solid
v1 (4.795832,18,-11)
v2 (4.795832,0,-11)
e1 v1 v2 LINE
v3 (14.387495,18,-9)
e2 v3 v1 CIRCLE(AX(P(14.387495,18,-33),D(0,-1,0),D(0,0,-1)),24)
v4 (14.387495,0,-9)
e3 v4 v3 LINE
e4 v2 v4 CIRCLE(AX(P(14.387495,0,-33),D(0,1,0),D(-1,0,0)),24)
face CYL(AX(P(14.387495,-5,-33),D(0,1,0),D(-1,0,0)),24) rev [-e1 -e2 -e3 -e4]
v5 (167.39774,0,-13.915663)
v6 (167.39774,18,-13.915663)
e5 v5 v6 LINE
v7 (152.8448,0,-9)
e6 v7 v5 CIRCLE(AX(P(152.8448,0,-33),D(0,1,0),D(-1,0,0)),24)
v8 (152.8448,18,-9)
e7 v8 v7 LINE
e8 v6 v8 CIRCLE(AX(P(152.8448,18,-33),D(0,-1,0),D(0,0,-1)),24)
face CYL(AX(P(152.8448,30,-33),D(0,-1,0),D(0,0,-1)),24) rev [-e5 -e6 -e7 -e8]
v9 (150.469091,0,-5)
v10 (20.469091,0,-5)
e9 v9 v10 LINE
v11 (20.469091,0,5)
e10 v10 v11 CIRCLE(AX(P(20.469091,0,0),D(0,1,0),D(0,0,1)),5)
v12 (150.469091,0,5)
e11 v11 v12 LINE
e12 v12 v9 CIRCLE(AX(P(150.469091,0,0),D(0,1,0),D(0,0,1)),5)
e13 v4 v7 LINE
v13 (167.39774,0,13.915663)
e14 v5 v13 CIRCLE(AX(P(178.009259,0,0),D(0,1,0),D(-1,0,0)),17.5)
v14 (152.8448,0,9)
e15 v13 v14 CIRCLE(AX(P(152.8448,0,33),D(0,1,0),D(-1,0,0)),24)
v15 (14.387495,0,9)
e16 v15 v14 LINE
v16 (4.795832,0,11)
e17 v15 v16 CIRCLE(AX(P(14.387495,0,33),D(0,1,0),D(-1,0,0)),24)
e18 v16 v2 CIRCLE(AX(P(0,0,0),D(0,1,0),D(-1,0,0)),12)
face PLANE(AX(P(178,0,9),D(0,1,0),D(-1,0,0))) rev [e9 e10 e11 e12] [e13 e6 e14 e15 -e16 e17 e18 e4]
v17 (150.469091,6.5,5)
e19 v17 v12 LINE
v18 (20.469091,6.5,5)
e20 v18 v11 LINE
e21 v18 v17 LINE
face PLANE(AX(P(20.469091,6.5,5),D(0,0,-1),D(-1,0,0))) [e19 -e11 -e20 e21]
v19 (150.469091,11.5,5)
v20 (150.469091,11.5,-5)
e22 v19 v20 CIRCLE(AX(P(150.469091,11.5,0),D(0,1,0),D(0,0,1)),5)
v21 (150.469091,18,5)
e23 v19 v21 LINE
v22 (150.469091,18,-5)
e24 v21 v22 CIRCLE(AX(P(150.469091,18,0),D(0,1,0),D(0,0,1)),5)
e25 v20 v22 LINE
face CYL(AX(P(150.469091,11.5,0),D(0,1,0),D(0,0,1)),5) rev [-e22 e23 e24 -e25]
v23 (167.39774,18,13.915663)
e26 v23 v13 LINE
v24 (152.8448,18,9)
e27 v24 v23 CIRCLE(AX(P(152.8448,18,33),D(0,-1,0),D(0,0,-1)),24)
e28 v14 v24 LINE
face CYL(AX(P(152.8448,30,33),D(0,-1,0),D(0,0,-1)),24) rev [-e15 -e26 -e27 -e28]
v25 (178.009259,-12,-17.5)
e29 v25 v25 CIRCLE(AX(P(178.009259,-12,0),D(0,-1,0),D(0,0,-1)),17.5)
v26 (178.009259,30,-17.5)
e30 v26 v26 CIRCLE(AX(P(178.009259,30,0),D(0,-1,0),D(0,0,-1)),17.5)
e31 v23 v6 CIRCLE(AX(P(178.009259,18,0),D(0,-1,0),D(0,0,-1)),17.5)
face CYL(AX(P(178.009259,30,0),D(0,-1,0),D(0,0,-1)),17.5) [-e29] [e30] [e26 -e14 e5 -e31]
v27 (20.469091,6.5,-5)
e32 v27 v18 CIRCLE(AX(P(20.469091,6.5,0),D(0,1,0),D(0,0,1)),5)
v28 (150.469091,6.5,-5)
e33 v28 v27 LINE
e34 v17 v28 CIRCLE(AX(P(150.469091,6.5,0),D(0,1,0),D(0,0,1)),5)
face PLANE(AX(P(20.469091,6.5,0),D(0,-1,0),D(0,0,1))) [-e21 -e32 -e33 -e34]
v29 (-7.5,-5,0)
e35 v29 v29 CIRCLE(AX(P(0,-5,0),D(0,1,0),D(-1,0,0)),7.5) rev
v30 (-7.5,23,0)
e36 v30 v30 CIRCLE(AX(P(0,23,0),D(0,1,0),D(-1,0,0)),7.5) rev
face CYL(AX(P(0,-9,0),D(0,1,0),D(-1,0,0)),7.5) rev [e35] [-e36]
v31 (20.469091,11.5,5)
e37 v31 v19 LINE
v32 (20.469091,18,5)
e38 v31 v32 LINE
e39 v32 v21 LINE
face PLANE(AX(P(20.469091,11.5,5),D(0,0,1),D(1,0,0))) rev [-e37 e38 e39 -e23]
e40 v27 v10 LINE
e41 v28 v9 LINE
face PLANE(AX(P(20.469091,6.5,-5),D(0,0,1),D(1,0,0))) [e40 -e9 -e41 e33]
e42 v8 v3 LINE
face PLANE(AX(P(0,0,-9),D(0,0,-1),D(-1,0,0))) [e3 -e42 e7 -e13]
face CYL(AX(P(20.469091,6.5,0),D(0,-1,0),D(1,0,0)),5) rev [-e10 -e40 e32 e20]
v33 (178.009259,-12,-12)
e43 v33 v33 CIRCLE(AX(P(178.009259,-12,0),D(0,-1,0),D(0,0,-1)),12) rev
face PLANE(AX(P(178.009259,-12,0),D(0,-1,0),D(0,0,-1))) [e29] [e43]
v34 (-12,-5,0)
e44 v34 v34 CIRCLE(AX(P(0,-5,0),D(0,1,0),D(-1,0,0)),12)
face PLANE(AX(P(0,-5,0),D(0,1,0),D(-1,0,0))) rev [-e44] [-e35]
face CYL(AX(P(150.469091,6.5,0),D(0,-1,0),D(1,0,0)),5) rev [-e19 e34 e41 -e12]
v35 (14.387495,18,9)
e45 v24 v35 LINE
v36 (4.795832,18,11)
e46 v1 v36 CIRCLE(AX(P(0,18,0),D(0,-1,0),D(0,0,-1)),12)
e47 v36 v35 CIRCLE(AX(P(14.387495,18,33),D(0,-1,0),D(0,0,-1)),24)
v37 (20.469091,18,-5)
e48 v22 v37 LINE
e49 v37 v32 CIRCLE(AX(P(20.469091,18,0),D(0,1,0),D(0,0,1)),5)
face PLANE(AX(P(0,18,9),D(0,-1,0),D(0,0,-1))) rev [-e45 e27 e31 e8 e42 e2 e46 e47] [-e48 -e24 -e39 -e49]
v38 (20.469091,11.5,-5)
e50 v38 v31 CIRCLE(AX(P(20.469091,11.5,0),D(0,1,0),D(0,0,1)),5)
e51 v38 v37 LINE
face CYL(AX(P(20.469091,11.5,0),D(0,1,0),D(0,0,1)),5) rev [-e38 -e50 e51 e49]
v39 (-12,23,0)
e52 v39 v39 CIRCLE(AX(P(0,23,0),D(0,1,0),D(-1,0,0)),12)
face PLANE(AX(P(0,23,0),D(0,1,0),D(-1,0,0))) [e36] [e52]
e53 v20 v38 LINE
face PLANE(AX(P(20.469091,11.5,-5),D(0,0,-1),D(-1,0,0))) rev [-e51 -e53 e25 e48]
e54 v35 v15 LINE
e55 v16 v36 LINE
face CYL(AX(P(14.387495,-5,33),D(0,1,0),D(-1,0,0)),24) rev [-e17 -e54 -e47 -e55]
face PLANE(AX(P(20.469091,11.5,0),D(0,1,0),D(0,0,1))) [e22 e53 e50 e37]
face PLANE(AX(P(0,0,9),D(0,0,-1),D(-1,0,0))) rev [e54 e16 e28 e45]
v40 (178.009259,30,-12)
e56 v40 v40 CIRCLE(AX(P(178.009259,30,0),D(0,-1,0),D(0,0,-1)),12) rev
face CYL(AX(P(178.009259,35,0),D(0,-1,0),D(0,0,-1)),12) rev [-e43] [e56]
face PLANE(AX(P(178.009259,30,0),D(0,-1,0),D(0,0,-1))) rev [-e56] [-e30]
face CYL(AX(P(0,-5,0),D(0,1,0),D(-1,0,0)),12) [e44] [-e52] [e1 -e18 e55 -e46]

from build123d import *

# Parameters (mm, degrees)
SKETCH2_W            = 178
SKETCH2_H            = 18
BOSS_EXTRUDE1_DEPTH  = 9
SWEEP2_PROFILE_R     = 12
SWEEP3_PROFILE_R     = 17.5
CUT_EXTRUDE1_DEPTH   = 6.5
CUT_SWEEP1_PROFILE_R = 7.5
CUT_SWEEP2_PROFILE_R = 12
FILLET1_R            = 24


with BuildPart() as part:
    # Sketch2 → Boss-Extrude1 (new body, symmetric)
    with BuildSketch(Plane.XY):
        with Locations((89, 9)):
            Rectangle(SKETCH2_W, SKETCH2_H)
    extrude(amount=BOSS_EXTRUDE1_DEPTH, both=True)

    # Sweep2: sweep along a path in Sketch11
    with BuildLine(Plane.XY) as sweep2_path:
        Line((0, -5), (0, 23))
    # Sweep2 profile (on start of the path) → Sweep2 (sweep)
    with BuildSketch(Plane(origin=(0, -5, 0), x_dir=(1, 0, 0), z_dir=(0, 1, 0))):
        Circle(SWEEP2_PROFILE_R)
    sweep(path=sweep2_path.line)

    # Sweep3: sweep along a path in Sketch18
    with BuildLine(Plane.XY) as sweep3_path:
        Line((178.00925882, 30), (178.00925882, -12))
    # Sweep3 profile (on start of the path) → Sweep3 (sweep)
    with BuildSketch(Plane(origin=(178.00925882, 30, 0), x_dir=(0, 0, -1), z_dir=(0, -1, 0))):
        Circle(SWEEP3_PROFILE_R)
    sweep(path=sweep3_path.line)

    # Sketch25 → Cut-Extrude1 (cut)
    with BuildSketch(Plane(origin=(0, 18, 0), x_dir=(1, 0, 0), z_dir=(0, 1, 0))):
        with BuildLine():
            Line((20.469090867, 5), (150.469090867, 5))
            ThreePointArc((150.469090867, 5), (155.469090867, 0), (150.469090867, -5))
            Line((150.469090867, -5), (20.469090867, -5))
            ThreePointArc((20.469090867, -5), (15.469090867, 0), (20.469090867, 5))
        make_face()
    cut_extrude1 = extrude(amount=-CUT_EXTRUDE1_DEPTH, mode=Mode.SUBTRACT)

    # Mirror1: Cut-Extrude1 across plane
    add(cut_extrude1.mirror(Plane.ZX.offset(9)), mode=Mode.SUBTRACT)

    # Cut-Sweep1: sweep along a path in Sketch11<2>
    with BuildLine(Plane.XY) as cut_sweep1_path:
        Line((0, -5), (0, 23))
    # Cut-Sweep1 profile (on start of the path) → Cut-Sweep1 (sweep, cut)
    with BuildSketch(Plane(origin=(0, -5, 0), x_dir=(1, 0, 0), z_dir=(0, 1, 0))):
        Circle(CUT_SWEEP1_PROFILE_R)
    sweep(path=cut_sweep1_path.line, mode=Mode.SUBTRACT)

    # Cut-Sweep2: sweep along a path in Sketch18<2>
    with BuildLine(Plane.XY) as cut_sweep2_path:
        Line((178.00925882, 30), (178.00925882, -12))
    # Cut-Sweep2 profile (on start of the path) → Cut-Sweep2 (sweep, cut)
    with BuildSketch(Plane(origin=(178.00925882, 30, 0), x_dir=(0, 0, -1), z_dir=(0, -1, 0))):
        Circle(CUT_SWEEP2_PROFILE_R)
    sweep(path=cut_sweep2_path.line, mode=Mode.SUBTRACT)

    # Fillet1
    fillet1_edges = [part.edges().sort_by_distance(p)[0] for p in [
        (7.937253933, 9, -9),
        (7.937253933, 9, 9),
        (163.0009278, 9, -9),
        (163.0009278, 9, 9),
    ]]
    fillet(fillet1_edges, radius=FILLET1_R)


solid = part.part
